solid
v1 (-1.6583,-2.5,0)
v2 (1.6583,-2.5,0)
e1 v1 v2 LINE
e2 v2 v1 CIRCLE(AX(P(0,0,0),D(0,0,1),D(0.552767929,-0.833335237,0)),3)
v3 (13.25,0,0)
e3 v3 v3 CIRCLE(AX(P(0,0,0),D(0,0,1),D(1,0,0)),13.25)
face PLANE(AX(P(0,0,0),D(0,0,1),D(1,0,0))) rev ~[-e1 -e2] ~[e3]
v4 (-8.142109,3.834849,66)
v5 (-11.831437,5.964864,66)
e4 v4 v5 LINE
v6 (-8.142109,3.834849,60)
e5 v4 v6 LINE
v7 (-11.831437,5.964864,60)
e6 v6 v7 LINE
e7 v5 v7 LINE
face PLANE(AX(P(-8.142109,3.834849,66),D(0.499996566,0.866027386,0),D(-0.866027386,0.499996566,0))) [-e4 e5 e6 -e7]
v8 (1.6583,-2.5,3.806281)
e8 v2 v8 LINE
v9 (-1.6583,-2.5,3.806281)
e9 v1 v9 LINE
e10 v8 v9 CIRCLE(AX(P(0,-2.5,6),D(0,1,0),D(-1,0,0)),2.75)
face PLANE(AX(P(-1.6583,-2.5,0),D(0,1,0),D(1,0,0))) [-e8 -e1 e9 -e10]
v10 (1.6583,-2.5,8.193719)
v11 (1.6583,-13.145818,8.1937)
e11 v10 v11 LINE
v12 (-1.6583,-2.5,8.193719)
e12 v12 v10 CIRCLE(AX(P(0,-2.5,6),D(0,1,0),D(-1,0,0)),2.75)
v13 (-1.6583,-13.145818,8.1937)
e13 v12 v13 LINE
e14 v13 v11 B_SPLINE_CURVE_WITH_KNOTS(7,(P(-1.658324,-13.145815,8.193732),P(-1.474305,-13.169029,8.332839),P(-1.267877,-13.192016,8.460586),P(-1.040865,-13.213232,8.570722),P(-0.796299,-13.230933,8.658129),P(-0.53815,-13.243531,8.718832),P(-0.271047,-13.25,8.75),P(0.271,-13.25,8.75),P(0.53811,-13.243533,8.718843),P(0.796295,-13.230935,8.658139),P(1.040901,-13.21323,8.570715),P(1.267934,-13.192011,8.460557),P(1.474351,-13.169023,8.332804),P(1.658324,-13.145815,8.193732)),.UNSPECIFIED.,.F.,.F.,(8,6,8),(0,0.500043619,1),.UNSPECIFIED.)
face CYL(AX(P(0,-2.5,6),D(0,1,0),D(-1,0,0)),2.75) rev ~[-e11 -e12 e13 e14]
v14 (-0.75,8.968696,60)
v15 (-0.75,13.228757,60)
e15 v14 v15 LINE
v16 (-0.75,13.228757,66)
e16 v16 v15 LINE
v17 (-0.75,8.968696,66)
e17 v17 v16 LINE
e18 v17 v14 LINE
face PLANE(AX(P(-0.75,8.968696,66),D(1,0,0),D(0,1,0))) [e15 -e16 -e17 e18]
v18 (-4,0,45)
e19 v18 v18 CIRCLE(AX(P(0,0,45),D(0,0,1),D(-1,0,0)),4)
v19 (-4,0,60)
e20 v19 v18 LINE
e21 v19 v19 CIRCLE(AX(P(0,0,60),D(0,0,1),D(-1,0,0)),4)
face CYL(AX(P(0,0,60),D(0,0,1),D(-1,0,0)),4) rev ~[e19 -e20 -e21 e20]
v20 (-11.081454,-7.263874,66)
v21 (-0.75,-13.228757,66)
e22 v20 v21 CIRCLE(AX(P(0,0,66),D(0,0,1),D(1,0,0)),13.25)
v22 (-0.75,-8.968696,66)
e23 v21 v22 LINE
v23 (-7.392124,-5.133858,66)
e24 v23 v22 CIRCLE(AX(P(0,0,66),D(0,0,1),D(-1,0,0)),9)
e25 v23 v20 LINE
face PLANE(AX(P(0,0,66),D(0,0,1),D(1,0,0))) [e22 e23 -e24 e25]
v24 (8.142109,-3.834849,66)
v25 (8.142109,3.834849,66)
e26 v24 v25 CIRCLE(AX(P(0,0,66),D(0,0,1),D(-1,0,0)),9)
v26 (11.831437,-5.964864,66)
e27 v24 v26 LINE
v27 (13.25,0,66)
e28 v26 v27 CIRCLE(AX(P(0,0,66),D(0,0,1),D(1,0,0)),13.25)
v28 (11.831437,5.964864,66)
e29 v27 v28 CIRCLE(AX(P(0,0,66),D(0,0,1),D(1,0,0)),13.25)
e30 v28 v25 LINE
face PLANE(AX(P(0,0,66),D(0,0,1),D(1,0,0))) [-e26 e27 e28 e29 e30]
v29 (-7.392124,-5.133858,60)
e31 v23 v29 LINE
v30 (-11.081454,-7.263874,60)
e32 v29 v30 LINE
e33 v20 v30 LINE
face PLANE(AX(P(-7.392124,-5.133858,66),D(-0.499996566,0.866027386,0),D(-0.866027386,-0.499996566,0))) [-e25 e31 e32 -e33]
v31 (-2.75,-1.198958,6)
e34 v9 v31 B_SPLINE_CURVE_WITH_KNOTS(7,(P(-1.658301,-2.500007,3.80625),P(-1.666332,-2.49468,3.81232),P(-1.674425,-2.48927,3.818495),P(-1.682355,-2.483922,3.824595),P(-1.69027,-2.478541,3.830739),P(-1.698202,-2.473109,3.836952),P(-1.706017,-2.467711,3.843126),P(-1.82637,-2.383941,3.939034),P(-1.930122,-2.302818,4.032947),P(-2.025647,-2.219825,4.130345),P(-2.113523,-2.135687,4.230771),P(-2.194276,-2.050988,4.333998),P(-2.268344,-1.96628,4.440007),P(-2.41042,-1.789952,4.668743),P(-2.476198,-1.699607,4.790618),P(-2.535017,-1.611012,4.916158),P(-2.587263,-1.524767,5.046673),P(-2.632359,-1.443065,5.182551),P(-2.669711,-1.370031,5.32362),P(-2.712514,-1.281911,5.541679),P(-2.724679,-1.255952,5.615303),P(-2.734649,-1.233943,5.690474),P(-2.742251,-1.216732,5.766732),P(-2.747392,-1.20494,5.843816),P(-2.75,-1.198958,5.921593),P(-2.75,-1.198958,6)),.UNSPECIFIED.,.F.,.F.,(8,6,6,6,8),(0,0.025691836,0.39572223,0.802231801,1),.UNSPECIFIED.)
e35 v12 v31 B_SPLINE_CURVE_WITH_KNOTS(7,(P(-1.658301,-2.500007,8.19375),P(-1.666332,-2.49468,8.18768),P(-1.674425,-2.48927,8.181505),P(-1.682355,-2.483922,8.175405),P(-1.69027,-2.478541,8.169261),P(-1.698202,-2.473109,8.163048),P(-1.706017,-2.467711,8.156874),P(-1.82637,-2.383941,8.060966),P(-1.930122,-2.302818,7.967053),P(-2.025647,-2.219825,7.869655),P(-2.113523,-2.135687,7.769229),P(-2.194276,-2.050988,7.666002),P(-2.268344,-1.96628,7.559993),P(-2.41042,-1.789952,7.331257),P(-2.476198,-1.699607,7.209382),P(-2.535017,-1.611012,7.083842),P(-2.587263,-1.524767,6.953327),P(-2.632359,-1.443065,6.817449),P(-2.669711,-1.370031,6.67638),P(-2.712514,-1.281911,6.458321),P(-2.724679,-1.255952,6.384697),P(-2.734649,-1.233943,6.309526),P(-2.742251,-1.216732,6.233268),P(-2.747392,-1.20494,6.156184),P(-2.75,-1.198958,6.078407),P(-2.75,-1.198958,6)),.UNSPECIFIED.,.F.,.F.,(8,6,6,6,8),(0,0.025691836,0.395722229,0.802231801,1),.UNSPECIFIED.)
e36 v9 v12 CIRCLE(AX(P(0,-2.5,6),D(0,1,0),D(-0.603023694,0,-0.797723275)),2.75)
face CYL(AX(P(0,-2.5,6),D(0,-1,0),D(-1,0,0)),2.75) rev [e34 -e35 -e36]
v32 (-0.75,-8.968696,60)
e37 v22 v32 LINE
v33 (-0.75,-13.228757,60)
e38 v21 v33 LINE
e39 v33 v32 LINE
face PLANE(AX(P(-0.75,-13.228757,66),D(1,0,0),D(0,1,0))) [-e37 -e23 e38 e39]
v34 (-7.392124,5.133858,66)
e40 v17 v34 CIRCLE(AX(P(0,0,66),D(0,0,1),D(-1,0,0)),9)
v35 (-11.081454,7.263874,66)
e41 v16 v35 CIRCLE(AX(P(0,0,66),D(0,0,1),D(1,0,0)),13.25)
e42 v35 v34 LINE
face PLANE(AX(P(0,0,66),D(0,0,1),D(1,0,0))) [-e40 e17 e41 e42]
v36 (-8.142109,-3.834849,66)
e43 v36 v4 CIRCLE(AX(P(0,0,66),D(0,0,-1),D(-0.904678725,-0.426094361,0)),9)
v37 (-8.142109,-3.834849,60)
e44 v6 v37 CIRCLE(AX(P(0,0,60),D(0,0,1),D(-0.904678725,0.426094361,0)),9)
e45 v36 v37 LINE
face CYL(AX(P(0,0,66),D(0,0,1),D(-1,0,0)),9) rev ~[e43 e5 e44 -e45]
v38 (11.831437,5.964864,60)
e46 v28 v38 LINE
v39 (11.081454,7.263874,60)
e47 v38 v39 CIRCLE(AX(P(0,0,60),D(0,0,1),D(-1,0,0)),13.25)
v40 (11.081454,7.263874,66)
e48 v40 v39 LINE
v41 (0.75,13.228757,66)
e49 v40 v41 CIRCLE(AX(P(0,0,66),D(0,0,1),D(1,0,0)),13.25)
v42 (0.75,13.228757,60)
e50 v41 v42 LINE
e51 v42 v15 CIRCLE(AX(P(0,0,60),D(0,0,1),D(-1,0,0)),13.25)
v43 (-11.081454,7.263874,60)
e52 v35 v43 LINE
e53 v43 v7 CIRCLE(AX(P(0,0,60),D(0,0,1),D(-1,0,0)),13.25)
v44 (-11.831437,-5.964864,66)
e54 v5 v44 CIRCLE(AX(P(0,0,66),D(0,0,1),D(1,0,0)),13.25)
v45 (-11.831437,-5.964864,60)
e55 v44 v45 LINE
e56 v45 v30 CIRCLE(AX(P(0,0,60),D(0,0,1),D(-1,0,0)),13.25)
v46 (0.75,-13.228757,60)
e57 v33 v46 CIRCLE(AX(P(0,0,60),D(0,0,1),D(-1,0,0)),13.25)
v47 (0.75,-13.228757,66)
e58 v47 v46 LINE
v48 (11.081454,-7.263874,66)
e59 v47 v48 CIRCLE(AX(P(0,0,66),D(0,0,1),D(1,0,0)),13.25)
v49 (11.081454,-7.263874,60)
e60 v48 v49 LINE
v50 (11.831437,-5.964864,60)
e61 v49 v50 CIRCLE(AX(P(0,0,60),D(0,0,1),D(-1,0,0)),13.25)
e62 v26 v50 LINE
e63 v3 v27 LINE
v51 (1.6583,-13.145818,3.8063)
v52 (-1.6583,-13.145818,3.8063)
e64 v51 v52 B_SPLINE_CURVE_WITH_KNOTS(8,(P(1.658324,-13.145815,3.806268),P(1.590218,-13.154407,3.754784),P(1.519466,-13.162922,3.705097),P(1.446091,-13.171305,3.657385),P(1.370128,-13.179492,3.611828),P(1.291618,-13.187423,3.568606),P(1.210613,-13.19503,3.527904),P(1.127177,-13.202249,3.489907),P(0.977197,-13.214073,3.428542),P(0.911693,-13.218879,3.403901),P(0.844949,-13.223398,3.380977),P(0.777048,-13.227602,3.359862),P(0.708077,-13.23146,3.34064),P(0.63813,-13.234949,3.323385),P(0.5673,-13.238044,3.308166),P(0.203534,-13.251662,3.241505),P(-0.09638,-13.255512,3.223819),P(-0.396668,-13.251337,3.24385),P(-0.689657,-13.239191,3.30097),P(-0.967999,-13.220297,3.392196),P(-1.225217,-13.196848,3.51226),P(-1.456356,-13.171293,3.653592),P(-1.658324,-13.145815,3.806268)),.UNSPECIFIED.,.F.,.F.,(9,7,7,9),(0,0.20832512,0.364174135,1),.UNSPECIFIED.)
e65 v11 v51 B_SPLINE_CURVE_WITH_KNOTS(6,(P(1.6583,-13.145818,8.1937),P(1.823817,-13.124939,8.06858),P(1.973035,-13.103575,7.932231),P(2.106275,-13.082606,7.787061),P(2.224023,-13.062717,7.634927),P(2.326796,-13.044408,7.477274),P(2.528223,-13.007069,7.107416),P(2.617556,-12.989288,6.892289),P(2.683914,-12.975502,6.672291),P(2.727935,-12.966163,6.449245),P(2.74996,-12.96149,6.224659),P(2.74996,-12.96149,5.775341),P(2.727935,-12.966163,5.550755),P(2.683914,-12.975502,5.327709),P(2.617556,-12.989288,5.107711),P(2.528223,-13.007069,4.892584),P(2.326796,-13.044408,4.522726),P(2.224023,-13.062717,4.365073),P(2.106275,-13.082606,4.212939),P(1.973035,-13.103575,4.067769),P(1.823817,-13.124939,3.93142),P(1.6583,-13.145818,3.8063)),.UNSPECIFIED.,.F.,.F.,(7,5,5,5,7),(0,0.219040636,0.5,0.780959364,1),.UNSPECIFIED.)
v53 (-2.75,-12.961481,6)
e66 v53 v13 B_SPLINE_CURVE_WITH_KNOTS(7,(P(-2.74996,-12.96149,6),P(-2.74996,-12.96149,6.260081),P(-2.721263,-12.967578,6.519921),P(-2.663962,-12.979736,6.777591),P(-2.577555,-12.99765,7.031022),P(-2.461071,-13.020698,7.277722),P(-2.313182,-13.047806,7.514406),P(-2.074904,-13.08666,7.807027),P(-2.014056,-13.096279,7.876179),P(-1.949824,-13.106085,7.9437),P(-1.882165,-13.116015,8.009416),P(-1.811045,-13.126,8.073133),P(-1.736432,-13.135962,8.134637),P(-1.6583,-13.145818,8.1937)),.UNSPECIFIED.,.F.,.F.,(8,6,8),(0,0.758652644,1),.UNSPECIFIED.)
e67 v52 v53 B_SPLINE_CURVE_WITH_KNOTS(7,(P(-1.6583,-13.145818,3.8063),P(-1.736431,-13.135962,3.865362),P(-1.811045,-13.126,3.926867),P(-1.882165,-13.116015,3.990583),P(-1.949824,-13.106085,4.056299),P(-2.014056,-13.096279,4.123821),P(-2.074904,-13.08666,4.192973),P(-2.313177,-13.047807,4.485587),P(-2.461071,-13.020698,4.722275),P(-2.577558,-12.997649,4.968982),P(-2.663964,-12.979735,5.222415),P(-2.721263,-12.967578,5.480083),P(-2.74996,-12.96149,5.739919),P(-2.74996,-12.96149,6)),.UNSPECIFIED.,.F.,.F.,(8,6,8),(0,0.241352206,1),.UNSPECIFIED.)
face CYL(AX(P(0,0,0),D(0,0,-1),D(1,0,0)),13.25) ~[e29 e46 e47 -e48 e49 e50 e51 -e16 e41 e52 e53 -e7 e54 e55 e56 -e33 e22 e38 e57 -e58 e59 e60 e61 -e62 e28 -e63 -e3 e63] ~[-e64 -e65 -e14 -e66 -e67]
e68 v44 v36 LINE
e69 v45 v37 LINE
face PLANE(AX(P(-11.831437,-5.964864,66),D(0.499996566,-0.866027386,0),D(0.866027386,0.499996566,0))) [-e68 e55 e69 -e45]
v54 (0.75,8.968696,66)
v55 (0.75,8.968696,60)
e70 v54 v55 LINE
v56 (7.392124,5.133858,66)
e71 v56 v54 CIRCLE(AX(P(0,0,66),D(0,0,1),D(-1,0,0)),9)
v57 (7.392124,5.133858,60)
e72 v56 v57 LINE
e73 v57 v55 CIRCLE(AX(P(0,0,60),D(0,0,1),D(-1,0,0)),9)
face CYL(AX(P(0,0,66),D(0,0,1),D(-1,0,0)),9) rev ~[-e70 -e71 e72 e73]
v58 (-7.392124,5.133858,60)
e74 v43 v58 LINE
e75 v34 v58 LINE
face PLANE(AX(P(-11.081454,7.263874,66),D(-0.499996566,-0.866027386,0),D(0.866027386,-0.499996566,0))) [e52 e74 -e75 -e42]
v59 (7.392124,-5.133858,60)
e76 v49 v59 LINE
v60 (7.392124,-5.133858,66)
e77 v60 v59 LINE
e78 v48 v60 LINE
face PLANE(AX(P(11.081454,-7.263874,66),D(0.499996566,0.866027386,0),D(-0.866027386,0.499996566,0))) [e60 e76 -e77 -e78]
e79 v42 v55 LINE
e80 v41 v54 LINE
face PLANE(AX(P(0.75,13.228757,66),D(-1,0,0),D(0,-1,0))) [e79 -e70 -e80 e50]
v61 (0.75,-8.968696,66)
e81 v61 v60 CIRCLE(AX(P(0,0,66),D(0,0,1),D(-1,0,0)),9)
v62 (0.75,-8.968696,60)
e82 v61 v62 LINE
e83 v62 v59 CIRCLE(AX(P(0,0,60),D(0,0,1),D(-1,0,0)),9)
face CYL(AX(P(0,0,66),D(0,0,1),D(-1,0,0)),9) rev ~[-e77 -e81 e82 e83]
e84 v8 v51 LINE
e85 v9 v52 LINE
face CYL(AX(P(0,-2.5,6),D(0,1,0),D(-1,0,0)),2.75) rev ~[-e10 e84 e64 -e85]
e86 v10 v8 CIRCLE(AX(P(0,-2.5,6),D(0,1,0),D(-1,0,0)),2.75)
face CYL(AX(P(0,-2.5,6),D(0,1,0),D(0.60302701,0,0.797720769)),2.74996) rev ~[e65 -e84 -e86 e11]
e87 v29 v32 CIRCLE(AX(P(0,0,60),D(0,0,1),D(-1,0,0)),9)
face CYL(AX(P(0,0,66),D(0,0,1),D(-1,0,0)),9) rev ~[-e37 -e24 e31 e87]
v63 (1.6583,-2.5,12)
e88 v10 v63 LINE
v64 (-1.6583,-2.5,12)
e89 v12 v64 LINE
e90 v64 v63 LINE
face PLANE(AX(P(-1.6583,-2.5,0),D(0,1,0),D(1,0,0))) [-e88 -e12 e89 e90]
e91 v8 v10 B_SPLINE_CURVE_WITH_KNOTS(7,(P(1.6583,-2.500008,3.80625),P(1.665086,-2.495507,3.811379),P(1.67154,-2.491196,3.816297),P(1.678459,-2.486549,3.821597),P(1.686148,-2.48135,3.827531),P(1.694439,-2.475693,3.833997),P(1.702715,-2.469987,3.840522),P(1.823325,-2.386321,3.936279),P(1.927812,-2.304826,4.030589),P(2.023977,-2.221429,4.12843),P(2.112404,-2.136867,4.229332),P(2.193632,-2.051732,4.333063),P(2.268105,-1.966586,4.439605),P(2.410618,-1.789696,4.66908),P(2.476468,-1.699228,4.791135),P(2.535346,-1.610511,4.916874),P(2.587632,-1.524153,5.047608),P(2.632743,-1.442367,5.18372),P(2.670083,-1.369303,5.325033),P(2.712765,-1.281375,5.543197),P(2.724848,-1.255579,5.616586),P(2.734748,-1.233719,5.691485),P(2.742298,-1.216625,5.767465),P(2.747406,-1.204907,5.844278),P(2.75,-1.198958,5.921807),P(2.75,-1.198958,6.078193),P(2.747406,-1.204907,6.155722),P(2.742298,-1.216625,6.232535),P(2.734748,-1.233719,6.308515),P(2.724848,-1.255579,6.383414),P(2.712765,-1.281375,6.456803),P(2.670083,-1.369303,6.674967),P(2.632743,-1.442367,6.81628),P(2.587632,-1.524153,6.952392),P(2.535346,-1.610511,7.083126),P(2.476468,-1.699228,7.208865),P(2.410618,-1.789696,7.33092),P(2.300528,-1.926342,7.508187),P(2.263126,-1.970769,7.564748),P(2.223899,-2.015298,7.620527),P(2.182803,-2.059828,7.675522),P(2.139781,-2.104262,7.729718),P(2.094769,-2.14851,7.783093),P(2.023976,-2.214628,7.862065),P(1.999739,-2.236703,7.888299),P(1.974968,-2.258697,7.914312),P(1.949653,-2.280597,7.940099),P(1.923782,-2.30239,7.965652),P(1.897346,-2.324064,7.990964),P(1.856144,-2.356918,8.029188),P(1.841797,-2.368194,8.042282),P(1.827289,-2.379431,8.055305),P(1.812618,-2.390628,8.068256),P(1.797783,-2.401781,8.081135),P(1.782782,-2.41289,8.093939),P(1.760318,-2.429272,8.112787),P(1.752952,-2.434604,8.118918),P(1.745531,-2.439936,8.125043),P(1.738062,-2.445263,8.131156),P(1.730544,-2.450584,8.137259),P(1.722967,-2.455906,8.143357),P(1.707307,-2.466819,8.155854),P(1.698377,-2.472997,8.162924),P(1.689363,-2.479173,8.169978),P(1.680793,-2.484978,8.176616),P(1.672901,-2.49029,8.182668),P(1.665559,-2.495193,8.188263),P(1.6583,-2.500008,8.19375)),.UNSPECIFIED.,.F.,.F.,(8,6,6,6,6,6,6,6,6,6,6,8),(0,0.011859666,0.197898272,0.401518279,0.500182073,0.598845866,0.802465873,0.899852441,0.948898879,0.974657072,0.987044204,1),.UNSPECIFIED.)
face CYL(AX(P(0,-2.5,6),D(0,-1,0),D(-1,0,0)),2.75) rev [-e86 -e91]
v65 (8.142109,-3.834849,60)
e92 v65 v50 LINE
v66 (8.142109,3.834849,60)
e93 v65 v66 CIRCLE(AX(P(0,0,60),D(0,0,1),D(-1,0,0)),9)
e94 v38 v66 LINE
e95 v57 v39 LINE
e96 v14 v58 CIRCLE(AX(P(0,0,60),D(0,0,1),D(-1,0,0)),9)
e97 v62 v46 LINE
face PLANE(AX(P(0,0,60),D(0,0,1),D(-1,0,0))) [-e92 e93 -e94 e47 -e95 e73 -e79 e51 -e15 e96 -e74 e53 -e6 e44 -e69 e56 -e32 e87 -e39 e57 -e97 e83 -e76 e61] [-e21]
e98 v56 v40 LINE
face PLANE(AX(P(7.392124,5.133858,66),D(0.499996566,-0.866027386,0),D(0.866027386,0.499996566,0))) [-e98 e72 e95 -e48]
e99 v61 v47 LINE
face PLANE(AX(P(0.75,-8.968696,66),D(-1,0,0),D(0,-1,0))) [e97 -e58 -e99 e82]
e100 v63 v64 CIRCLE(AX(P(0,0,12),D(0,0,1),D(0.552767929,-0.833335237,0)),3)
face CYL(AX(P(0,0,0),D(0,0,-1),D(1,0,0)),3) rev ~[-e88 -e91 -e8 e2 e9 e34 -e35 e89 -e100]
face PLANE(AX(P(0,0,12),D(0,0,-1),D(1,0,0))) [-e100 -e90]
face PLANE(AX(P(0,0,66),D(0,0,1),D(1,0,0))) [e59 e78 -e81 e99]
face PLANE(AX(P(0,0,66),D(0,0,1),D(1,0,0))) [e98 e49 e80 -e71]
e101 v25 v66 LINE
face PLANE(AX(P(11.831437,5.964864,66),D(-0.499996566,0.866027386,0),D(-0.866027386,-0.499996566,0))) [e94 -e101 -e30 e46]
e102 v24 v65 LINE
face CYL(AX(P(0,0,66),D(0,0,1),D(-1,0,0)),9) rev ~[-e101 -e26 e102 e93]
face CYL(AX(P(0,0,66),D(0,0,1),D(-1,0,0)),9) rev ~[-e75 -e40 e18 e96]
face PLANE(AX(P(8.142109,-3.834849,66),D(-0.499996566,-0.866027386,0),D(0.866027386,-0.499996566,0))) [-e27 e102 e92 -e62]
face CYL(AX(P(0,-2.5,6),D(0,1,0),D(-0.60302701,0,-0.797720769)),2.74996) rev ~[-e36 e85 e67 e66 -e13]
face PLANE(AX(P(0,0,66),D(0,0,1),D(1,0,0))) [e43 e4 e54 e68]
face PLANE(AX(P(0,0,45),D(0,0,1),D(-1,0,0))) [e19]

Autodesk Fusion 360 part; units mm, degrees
sketch "Skizze1" plane through (0, 0, 0) normal (0, 0, 1) x (1, 0, 0)
  circle A0 centre (0, 0) radius 13.25
  dimension "d1" = 26.5
extrude "Extrusion1" add sketch "Skizze1" along normal blind 66
sketch "Skizze2" plane through (0, 0, 66) normal (0, 0, 1) x (-1, 0, 0)
  circle A0 centre (0, 0) radius 13.25
  circle A1 centre (0, 0) radius 9
  line L0 (0.75, -14.5) -> (-0.75, -14.5)
  line L1 (-0.75, -14.5) -> (-0.75, -8.5)
  line L2 (-0.75, -8.5) -> (0.75, -8.5)
  line L3 (0.75, -8.5) -> (0.75, -14.5)
  line L4 (12.1824, -7.8995) -> (6.9862, -4.8995)
  line L5 (12.9324, -6.6005) -> (12.1824, -7.8995)
  line L6 (7.7362, -3.6005) -> (12.9324, -6.6005)
  line L7 (6.9862, -4.8995) -> (7.7362, -3.6005)
  line L8 (12.9324, 6.6005) -> (7.7362, 3.6005)
  line L9 (12.1824, 7.8995) -> (12.9324, 6.6005)
  line L10 (6.9862, 4.8995) -> (12.1824, 7.8995)
  line L11 (7.7362, 3.6005) -> (6.9862, 4.8995)
  line L12 (0.75, 14.5) -> (0.75, 8.5)
  line L13 (-0.75, 14.5) -> (0.75, 14.5)
  line L14 (-0.75, 8.5) -> (-0.75, 14.5)
  line L15 (0.75, 8.5) -> (-0.75, 8.5)
  line L16 (-12.1824, 7.8995) -> (-6.9862, 4.8995)
  line L17 (-12.9324, 6.6005) -> (-12.1824, 7.8995)
  line L18 (-7.7362, 3.6005) -> (-12.9324, 6.6005)
  line L19 (-6.9862, 4.8995) -> (-7.7362, 3.6005)
  line L20 (-12.9324, -6.6005) -> (-7.7362, -3.6005)
  line L21 (-12.1824, -7.8995) -> (-12.9324, -6.6005)
  line L22 (-6.9862, -4.8995) -> (-12.1824, -7.8995)
  line L23 (-7.7362, -3.6005) -> (-6.9862, -4.8995)
  dimension "d4" = 18
  dimension "d5" = 1.5
  dimension "d6" = 6
  dimension "d7" = 0.75
  dimension "d8" = 8.5
  dimension "d10" = 360
extrude "Extrusion2" cut sketch "Skizze2" against normal blind 6 contours A0 A1 L8 L10 | A0 A1 L4 L6 | A1 L8 L10 L11 | A1 L1 L2 L3 L4 L6 L7 L8 L10 L11 L12 L14 L15 L16 L18 L19 L20 L22 L23 | A1 L4 L6 L7 | A0 A1 L12 L14 | A0 A1 L1 L3 | A1 L12 L14 L15 | A1 L1 L2 L3 | A0 A1 L16 L18 | A0 A1 L20 L22 | A1 L16 L18 L19 | A1 L20 L22 L23
sketch "Skizze3" plane through (0, 0, 60) normal (0, 0, 1) x (-1, 0, 0)
  arc A0 (-11.8314, -5.9649) -> (-11.0814, -7.2639) centre (0, 0) ccw
  line L0 (-11.0814, -7.2639) -> (-7.3921, -5.1339)
  arc A1 (-7.3921, -5.1339) -> (-0.75, -8.9687) centre (0, 0) ccw
  line L1 (-0.75, -8.9687) -> (-0.75, -13.2288)
  arc A2 (-0.75, -13.2288) -> (0.75, -13.2288) centre (0, 0) ccw
  line L2 (0.75, -13.2288) -> (0.75, -8.9687)
  arc A3 (0.75, -8.9687) -> (7.3921, -5.1339) centre (0, 0) ccw
  line L3 (7.3921, -5.1339) -> (11.0814, -7.2639)
  arc A4 (11.0814, -7.2639) -> (11.8314, -5.9649) centre (0, 0) ccw
  line L4 (11.8314, -5.9649) -> (8.1421, -3.8348)
  arc A5 (8.1421, -3.8348) -> (8.1421, 3.8348) centre (0, 0) ccw
  line L5 (8.1421, 3.8348) -> (11.8314, 5.9649)
  arc A6 (11.8314, 5.9649) -> (11.0814, 7.2639) centre (0, 0) ccw
  line L6 (11.0814, 7.2639) -> (7.3921, 5.1339)
  arc A7 (7.3921, 5.1339) -> (0.75, 8.9687) centre (0, 0) ccw
  line L7 (0.75, 8.9687) -> (0.75, 13.2288)
  arc A8 (0.75, 13.2288) -> (-0.75, 13.2288) centre (0, 0) ccw
  line L8 (-0.75, 13.2288) -> (-0.75, 8.9687)
  arc A9 (-0.75, 8.9687) -> (-7.3921, 5.1339) centre (0, 0) ccw
  line L9 (-7.3921, 5.1339) -> (-11.0814, 7.2639)
  arc A10 (-11.0814, 7.2639) -> (-11.8314, 5.9649) centre (0, 0) ccw
  line L10 (-11.8314, 5.9649) -> (-8.1421, 3.8348)
  arc A11 (-8.1421, 3.8348) -> (-8.1421, -3.8348) centre (0, 0) ccw
  line L11 (-8.1421, -3.8348) -> (-11.8314, -5.9649)
  circle A12 centre (0, 0) radius 4
  dimension "d13" = 8
extrude "Extrusion3" cut sketch "Skizze3" against normal blind 15 contours A12
sketch "Skizze4" plane through (0, 0, 0) normal (0, 0, -1) x (1, 0, 0)
  circle A0 centre (0, 0) radius 13.25
  circle A1 centre (0, 0) radius 3
  line L0 (-1.6583, 2.5) -> (1.6583, 2.5)
  dimension "d16" = 6
  dimension "d17" = 2.5
extrude "Extrusion4" cut sketch "Skizze4" against normal blind 12 contours A1 L0 picked at (0.6261, 0.5577)
sketch "Skizze5" plane through (0, -2.5, 0) normal (0, 1, 0) x (-1, 0, 0)
  line L0 (-1.6583, 0) -> (1.6583, 0)
  line L1 (1.6583, 0) -> (1.6583, 12)
  line L2 (1.6583, 12) -> (-1.6583, 12)
  line L3 (-1.6583, 12) -> (-1.6583, 0)
  circle A0 centre (0, 6) radius 2.75
  dimension "d20" = 5.5
  dimension "d21" = 6
extrude "Extrusion5" cut sketch "Skizze5" along normal blind 3 contours L3 A0 | L1 L3 A0 | L1 A0
sketch "Skizze6" plane through (0, -2.5, 0) normal (0, 1, 0) x (-1, 0, 0)
  line L0 (1.6583, 8.1937) -> (1.6583, 12)
  line L1 (1.6583, 12) -> (-1.6583, 12)
  line L2 (-1.6583, 12) -> (-1.6583, 8.1937)
  arc A0 (-1.6583, 8.1937) -> (-1.6583, 3.8063) centre (0, 6) ccw
  line L3 (-1.6583, 3.8063) -> (-1.6583, 0)
  line L4 (-1.6583, 0) -> (1.6583, 0)
  line L5 (1.6583, 0) -> (1.6583, 3.8063)
  arc A1 (1.6583, 3.8063) -> (1.6583, 8.1937) centre (0, 6) ccw
  circle A2 centre (0, 6) radius 2.75
  dimension "d24" = 5.5
extrude "Extrusion6" cut sketch "Skizze6" against normal blind 15 contours A0 A1 A2
